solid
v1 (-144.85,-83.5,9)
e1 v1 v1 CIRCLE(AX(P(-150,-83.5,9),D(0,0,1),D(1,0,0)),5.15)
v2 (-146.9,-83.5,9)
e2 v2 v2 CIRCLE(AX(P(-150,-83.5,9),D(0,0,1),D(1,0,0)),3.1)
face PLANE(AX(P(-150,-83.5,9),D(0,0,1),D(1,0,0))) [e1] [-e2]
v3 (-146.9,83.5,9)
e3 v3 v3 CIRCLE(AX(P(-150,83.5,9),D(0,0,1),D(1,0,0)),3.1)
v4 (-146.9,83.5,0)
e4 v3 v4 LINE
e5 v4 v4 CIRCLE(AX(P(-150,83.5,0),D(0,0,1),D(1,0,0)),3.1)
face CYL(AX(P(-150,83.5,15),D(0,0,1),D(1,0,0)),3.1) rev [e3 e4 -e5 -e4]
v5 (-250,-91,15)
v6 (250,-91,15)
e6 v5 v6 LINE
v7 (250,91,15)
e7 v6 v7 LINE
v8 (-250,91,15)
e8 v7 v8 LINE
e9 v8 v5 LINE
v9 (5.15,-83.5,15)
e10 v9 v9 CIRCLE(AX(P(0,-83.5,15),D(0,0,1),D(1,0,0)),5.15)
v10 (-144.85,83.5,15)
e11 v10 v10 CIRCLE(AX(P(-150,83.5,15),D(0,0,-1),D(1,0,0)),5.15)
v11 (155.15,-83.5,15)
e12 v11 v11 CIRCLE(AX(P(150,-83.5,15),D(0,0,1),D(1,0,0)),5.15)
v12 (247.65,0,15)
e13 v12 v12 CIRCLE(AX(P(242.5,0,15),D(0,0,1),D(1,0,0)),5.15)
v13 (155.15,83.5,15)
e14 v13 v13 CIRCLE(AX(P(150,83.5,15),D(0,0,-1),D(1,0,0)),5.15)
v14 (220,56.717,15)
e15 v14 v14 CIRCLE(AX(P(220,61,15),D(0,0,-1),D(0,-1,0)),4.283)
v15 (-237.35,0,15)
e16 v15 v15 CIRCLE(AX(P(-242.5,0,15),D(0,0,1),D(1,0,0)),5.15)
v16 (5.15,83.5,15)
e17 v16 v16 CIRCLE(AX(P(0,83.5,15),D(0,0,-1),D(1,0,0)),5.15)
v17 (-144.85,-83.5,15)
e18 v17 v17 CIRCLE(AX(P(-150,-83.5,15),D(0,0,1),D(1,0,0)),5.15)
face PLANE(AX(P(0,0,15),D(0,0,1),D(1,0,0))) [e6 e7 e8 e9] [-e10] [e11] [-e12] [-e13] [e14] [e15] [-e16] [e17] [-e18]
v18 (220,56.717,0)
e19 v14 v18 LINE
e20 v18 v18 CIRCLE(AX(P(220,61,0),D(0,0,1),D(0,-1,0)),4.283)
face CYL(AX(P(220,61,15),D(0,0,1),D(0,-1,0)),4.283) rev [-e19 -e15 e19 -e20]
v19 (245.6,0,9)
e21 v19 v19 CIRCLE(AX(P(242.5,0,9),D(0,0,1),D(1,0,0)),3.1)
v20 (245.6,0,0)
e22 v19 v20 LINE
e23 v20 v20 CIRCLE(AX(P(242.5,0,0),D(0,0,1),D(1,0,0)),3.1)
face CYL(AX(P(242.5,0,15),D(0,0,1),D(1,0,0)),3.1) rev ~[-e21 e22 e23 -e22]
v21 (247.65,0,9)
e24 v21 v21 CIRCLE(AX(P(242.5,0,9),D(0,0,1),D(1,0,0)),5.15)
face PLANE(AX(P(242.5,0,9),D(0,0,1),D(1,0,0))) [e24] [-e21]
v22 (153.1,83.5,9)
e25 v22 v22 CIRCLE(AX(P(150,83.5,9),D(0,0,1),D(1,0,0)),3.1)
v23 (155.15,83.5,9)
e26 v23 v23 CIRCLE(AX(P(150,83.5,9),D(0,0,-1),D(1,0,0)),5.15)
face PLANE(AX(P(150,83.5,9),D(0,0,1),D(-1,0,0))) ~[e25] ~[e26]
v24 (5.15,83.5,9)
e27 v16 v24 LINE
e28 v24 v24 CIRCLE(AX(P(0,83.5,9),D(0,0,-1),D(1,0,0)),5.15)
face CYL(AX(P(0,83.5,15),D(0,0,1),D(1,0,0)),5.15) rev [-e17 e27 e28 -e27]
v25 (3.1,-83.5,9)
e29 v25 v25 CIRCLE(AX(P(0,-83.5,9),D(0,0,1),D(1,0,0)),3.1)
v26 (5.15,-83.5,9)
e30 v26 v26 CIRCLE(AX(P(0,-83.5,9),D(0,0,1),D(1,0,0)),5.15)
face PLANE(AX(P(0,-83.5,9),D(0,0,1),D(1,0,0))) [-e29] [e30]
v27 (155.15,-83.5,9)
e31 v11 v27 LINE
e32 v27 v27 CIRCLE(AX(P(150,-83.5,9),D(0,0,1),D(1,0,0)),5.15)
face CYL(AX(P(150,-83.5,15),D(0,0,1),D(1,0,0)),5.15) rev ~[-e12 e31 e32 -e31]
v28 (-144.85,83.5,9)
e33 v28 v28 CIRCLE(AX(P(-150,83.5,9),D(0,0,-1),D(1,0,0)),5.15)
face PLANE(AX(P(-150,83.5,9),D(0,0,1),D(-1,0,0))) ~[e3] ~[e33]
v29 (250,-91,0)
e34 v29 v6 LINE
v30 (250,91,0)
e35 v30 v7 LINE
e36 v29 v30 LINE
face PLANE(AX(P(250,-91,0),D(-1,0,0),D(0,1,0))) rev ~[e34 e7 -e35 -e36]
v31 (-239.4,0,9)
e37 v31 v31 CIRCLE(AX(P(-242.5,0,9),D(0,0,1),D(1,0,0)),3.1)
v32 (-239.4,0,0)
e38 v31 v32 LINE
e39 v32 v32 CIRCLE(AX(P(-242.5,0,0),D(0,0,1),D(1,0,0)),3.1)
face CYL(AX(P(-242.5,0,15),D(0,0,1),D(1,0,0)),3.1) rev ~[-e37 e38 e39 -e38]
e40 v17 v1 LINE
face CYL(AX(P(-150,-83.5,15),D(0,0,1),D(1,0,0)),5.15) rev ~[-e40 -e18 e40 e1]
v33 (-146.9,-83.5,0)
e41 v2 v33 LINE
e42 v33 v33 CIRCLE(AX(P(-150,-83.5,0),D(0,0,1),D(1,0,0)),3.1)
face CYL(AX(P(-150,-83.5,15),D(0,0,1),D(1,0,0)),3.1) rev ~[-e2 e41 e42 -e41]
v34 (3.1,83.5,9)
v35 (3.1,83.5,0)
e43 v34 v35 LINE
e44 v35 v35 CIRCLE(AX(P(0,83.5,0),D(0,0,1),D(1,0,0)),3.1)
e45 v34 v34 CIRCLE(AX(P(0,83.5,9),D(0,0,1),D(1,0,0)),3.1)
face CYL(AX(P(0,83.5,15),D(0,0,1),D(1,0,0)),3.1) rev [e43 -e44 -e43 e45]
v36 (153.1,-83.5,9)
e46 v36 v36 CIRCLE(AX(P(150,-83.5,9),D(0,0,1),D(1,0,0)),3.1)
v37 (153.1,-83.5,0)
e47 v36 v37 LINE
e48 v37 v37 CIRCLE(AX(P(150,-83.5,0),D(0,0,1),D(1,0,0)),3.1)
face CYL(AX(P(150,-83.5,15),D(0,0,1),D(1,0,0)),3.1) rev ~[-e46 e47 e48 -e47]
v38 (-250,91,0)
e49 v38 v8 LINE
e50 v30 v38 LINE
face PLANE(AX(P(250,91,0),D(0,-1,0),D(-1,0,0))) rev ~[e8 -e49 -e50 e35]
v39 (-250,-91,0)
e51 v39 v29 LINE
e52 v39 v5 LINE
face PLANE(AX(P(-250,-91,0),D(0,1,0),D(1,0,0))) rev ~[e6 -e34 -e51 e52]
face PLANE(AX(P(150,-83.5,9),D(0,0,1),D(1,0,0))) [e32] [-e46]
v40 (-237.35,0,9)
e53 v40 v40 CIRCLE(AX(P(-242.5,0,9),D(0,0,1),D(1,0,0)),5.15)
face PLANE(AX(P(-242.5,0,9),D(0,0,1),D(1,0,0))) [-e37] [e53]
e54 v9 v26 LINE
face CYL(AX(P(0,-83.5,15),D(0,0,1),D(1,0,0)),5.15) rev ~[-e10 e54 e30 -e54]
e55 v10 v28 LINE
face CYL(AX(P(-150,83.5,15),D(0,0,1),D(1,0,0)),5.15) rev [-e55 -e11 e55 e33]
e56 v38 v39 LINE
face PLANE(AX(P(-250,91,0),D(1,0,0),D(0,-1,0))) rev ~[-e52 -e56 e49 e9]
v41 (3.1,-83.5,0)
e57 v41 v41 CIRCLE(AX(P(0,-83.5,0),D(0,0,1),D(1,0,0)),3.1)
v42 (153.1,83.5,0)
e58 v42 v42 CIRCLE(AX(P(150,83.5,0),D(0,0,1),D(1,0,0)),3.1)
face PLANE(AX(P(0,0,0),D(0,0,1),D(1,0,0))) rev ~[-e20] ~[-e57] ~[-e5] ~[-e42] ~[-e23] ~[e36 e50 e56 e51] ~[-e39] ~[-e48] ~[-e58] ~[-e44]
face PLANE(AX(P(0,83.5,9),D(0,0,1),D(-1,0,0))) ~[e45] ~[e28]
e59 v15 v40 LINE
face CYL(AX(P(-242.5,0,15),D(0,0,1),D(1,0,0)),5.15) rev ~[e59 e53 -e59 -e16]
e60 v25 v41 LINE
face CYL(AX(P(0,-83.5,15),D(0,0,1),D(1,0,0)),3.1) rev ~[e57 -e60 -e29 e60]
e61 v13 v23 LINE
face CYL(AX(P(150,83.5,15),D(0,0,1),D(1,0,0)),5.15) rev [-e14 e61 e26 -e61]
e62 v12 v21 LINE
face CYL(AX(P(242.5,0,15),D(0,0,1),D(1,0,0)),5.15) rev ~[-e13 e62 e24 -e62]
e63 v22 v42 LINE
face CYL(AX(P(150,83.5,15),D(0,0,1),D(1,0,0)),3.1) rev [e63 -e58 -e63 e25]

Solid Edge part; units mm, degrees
sketch "Sketch1" plane through (0, 0, 0) normal (0, 0, 1) x (1, 0, 0)
  line L0 (250, 91) -> (-250, 91)
  line L1 (-250, 91) -> (-250, -91)
  line L2 (-250, -91) -> (250, -91)
  line L3 (250, -91) -> (250, 91)
extrude "Protrusion1" add sketch "Sketch1" along normal blind 15
sketch "Sketch2" plane through (0, 0, 15) normal (0, 0, 1) x (1, 0, 0)
  circle A0 centre (0, -83.5) radius 3.1
  circle A1 centre (150, -83.5) radius 3.1
  circle A2 centre (-150, -83.5) radius 3.1
  dimension "D1" = 150
  dimension "D2" = 150
  dimension "D3" = 7.5
extrude "ExtrudedCutout_1" cut sketch "Sketch2" against normal blind 150.8777
sketch "Sketch3" plane through (0, 0, 15) normal (0, 0, 1) x (1, 0, 0)
  circle A0 centre (0, -83.5) radius 5.15
  circle A1 centre (150, -83.5) radius 5.15
  circle A2 centre (-150, -83.5) radius 5.15
  dimension "D1" = 150
  dimension "D2" = 150
  dimension "D3" = 7.5
extrude "ExtrudedCutout_2" cut sketch "Sketch3" against normal blind 6
mirror "Mirror1" about plane through (0, 0, 0) normal (0, -1, 0) of "ExtrudedCutout_2", "ExtrudedCutout_1"
sketch "Sketch4" plane through (0, 0, 15) normal (0, 0, 1) x (1, 0, 0)
  circle A0 centre (242.5, 0) radius 3.1
  circle A1 centre (-242.5, 0) radius 3.1
  dimension "D1" = 7.5
  dimension "D2" = 7.5
extrude "Cutout1" cut sketch "Sketch4" against normal up to next
sketch "Sketch5" plane through (0, 0, 15) normal (0, 0, 1) x (1, 0, 0)
  circle A0 centre (242.5, 0) radius 5.15
  circle A1 centre (-242.5, 0) radius 5.15
  dimension "D1" = 7.5
  dimension "D2" = 7.5
extrude "ExtrudedCutout_4" cut sketch "Sketch5" against normal blind 6
hole "Hole_2" at (220, 61, 15) direction (0, 0, -1) diameter 8.566 end up to next thread major 10.2 thread length 2
